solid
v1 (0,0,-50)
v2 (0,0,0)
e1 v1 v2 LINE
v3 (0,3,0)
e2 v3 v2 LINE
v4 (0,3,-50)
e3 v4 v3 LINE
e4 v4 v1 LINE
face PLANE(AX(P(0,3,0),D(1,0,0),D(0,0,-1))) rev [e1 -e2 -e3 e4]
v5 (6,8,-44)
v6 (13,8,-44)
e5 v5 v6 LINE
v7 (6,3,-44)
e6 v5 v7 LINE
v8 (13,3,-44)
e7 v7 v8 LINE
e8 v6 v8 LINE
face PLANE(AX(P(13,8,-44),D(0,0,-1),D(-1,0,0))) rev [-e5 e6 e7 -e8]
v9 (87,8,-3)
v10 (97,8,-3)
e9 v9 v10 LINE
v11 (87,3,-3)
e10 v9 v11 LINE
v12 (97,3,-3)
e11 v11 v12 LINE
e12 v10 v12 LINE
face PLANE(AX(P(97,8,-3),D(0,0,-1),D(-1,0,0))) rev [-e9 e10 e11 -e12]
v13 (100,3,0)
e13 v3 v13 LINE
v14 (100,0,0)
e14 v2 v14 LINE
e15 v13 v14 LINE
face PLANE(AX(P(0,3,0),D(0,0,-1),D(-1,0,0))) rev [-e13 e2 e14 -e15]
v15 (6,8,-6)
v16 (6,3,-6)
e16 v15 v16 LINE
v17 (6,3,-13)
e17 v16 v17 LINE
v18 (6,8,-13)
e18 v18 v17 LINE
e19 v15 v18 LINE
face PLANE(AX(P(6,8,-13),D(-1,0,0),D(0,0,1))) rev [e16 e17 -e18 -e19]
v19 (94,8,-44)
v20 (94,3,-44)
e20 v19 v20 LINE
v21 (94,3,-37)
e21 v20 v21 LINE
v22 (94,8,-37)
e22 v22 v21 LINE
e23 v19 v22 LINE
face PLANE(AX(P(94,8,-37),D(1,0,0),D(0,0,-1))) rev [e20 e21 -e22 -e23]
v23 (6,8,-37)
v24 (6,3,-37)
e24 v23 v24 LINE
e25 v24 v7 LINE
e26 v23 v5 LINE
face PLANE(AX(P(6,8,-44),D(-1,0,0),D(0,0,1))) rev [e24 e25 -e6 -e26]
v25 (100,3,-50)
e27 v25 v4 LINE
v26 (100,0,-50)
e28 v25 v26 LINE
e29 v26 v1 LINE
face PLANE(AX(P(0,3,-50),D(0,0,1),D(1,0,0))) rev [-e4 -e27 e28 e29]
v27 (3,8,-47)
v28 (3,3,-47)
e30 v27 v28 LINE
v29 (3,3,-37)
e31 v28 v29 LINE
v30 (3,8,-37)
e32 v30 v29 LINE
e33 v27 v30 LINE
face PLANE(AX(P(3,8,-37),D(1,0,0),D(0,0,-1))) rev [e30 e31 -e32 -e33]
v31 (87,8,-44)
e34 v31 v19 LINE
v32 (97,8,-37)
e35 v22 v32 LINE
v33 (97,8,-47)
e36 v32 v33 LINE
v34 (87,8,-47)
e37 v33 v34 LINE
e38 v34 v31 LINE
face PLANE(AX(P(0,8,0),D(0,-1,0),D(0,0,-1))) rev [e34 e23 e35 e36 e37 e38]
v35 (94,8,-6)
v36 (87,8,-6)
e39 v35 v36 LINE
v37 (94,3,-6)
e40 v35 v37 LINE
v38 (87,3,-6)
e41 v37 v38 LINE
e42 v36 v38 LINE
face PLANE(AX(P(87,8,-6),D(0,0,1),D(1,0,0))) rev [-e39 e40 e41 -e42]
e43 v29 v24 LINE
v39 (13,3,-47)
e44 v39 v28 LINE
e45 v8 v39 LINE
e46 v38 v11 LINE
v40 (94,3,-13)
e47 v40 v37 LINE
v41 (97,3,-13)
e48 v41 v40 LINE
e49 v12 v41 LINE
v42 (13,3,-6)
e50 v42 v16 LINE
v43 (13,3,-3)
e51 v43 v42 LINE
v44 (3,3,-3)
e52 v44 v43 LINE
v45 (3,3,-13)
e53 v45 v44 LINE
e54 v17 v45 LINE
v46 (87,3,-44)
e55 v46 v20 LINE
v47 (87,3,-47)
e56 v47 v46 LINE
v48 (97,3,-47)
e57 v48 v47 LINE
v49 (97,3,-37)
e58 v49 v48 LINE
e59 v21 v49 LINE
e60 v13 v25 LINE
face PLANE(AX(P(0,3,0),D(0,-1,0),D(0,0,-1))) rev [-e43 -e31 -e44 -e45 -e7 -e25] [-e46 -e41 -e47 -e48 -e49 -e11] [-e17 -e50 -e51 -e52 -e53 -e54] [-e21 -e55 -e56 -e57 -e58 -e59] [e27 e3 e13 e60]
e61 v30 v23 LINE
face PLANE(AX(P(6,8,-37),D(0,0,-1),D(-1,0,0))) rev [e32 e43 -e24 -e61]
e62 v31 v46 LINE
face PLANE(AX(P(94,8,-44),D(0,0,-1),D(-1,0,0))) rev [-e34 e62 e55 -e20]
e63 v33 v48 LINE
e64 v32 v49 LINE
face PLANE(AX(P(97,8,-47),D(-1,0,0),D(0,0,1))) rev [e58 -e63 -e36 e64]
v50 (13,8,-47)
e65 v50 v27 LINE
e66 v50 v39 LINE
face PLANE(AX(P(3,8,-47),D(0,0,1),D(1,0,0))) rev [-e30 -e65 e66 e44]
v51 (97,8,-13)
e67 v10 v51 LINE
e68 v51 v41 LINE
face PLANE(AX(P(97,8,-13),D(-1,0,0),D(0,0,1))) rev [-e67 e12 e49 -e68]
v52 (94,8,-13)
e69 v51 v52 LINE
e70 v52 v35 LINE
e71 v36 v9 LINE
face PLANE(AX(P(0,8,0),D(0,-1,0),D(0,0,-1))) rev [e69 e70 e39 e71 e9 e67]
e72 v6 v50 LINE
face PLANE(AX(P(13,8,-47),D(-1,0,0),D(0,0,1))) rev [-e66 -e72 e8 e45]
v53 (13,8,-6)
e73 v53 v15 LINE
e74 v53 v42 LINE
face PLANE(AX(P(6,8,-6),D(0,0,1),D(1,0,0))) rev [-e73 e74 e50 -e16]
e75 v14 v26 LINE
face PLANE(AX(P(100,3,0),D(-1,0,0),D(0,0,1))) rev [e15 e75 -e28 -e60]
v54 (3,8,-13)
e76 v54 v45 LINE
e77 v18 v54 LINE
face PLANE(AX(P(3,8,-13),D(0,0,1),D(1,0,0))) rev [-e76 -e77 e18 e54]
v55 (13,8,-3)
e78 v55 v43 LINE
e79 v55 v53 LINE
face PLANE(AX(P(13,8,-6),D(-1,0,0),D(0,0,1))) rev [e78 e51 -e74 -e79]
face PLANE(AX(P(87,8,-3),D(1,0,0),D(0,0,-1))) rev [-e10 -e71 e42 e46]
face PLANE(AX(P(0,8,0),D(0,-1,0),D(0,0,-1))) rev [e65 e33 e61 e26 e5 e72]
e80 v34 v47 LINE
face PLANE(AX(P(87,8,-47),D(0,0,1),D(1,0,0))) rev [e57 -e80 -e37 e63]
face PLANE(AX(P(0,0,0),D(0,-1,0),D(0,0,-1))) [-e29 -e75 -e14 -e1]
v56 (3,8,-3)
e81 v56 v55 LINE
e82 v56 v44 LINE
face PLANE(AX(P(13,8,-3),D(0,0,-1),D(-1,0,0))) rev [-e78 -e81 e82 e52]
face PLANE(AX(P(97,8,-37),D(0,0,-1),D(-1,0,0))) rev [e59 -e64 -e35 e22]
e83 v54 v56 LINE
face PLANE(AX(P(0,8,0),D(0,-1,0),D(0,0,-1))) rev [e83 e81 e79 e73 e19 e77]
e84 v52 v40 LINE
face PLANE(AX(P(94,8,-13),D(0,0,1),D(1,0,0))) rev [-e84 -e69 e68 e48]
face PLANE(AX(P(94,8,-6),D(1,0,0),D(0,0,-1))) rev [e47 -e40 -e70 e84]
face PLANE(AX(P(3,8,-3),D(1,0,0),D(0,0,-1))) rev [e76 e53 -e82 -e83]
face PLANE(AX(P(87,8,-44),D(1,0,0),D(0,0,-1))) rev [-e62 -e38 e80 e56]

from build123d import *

# Parameters (mm, degrees)
SKETCH2_W           = 100
SKETCH2_H           = 50
BOSS_EXTRUDE1_DEPTH = 3
BOSS_EXTRUDE2_DEPTH = 5


with BuildPart() as part:
    # Sketch2 → Boss-Extrude1 (new body)
    with BuildSketch(Plane(origin=(0, 0, 0), x_dir=(1, 0, 0), z_dir=(0, 1, 0))):
        with Locations((50, 25)):
            Rectangle(SKETCH2_W, SKETCH2_H)
    extrude(amount=BOSS_EXTRUDE1_DEPTH)

    # Sketch3 → Boss-Extrude2 (add)
    with BuildSketch(Plane(origin=(0, 3, 0), x_dir=(1, 0, 0), z_dir=(0, 1, 0))):
        Polygon((3, 37), (3, 47), (13, 47), (13, 44), (6, 44), (6, 37), align=None)
        Polygon((13, 3), (3, 3), (3, 13), (6, 13), (6, 6), (13, 6), align=None)
        Polygon((97, 13), (97, 3), (87, 3), (87, 6), (94, 6), (94, 13), align=None)
        Polygon((87, 47), (97, 47), (97, 37), (94, 37), (94, 44), (87, 44), align=None)
    extrude(amount=BOSS_EXTRUDE2_DEPTH)


solid = part.part
